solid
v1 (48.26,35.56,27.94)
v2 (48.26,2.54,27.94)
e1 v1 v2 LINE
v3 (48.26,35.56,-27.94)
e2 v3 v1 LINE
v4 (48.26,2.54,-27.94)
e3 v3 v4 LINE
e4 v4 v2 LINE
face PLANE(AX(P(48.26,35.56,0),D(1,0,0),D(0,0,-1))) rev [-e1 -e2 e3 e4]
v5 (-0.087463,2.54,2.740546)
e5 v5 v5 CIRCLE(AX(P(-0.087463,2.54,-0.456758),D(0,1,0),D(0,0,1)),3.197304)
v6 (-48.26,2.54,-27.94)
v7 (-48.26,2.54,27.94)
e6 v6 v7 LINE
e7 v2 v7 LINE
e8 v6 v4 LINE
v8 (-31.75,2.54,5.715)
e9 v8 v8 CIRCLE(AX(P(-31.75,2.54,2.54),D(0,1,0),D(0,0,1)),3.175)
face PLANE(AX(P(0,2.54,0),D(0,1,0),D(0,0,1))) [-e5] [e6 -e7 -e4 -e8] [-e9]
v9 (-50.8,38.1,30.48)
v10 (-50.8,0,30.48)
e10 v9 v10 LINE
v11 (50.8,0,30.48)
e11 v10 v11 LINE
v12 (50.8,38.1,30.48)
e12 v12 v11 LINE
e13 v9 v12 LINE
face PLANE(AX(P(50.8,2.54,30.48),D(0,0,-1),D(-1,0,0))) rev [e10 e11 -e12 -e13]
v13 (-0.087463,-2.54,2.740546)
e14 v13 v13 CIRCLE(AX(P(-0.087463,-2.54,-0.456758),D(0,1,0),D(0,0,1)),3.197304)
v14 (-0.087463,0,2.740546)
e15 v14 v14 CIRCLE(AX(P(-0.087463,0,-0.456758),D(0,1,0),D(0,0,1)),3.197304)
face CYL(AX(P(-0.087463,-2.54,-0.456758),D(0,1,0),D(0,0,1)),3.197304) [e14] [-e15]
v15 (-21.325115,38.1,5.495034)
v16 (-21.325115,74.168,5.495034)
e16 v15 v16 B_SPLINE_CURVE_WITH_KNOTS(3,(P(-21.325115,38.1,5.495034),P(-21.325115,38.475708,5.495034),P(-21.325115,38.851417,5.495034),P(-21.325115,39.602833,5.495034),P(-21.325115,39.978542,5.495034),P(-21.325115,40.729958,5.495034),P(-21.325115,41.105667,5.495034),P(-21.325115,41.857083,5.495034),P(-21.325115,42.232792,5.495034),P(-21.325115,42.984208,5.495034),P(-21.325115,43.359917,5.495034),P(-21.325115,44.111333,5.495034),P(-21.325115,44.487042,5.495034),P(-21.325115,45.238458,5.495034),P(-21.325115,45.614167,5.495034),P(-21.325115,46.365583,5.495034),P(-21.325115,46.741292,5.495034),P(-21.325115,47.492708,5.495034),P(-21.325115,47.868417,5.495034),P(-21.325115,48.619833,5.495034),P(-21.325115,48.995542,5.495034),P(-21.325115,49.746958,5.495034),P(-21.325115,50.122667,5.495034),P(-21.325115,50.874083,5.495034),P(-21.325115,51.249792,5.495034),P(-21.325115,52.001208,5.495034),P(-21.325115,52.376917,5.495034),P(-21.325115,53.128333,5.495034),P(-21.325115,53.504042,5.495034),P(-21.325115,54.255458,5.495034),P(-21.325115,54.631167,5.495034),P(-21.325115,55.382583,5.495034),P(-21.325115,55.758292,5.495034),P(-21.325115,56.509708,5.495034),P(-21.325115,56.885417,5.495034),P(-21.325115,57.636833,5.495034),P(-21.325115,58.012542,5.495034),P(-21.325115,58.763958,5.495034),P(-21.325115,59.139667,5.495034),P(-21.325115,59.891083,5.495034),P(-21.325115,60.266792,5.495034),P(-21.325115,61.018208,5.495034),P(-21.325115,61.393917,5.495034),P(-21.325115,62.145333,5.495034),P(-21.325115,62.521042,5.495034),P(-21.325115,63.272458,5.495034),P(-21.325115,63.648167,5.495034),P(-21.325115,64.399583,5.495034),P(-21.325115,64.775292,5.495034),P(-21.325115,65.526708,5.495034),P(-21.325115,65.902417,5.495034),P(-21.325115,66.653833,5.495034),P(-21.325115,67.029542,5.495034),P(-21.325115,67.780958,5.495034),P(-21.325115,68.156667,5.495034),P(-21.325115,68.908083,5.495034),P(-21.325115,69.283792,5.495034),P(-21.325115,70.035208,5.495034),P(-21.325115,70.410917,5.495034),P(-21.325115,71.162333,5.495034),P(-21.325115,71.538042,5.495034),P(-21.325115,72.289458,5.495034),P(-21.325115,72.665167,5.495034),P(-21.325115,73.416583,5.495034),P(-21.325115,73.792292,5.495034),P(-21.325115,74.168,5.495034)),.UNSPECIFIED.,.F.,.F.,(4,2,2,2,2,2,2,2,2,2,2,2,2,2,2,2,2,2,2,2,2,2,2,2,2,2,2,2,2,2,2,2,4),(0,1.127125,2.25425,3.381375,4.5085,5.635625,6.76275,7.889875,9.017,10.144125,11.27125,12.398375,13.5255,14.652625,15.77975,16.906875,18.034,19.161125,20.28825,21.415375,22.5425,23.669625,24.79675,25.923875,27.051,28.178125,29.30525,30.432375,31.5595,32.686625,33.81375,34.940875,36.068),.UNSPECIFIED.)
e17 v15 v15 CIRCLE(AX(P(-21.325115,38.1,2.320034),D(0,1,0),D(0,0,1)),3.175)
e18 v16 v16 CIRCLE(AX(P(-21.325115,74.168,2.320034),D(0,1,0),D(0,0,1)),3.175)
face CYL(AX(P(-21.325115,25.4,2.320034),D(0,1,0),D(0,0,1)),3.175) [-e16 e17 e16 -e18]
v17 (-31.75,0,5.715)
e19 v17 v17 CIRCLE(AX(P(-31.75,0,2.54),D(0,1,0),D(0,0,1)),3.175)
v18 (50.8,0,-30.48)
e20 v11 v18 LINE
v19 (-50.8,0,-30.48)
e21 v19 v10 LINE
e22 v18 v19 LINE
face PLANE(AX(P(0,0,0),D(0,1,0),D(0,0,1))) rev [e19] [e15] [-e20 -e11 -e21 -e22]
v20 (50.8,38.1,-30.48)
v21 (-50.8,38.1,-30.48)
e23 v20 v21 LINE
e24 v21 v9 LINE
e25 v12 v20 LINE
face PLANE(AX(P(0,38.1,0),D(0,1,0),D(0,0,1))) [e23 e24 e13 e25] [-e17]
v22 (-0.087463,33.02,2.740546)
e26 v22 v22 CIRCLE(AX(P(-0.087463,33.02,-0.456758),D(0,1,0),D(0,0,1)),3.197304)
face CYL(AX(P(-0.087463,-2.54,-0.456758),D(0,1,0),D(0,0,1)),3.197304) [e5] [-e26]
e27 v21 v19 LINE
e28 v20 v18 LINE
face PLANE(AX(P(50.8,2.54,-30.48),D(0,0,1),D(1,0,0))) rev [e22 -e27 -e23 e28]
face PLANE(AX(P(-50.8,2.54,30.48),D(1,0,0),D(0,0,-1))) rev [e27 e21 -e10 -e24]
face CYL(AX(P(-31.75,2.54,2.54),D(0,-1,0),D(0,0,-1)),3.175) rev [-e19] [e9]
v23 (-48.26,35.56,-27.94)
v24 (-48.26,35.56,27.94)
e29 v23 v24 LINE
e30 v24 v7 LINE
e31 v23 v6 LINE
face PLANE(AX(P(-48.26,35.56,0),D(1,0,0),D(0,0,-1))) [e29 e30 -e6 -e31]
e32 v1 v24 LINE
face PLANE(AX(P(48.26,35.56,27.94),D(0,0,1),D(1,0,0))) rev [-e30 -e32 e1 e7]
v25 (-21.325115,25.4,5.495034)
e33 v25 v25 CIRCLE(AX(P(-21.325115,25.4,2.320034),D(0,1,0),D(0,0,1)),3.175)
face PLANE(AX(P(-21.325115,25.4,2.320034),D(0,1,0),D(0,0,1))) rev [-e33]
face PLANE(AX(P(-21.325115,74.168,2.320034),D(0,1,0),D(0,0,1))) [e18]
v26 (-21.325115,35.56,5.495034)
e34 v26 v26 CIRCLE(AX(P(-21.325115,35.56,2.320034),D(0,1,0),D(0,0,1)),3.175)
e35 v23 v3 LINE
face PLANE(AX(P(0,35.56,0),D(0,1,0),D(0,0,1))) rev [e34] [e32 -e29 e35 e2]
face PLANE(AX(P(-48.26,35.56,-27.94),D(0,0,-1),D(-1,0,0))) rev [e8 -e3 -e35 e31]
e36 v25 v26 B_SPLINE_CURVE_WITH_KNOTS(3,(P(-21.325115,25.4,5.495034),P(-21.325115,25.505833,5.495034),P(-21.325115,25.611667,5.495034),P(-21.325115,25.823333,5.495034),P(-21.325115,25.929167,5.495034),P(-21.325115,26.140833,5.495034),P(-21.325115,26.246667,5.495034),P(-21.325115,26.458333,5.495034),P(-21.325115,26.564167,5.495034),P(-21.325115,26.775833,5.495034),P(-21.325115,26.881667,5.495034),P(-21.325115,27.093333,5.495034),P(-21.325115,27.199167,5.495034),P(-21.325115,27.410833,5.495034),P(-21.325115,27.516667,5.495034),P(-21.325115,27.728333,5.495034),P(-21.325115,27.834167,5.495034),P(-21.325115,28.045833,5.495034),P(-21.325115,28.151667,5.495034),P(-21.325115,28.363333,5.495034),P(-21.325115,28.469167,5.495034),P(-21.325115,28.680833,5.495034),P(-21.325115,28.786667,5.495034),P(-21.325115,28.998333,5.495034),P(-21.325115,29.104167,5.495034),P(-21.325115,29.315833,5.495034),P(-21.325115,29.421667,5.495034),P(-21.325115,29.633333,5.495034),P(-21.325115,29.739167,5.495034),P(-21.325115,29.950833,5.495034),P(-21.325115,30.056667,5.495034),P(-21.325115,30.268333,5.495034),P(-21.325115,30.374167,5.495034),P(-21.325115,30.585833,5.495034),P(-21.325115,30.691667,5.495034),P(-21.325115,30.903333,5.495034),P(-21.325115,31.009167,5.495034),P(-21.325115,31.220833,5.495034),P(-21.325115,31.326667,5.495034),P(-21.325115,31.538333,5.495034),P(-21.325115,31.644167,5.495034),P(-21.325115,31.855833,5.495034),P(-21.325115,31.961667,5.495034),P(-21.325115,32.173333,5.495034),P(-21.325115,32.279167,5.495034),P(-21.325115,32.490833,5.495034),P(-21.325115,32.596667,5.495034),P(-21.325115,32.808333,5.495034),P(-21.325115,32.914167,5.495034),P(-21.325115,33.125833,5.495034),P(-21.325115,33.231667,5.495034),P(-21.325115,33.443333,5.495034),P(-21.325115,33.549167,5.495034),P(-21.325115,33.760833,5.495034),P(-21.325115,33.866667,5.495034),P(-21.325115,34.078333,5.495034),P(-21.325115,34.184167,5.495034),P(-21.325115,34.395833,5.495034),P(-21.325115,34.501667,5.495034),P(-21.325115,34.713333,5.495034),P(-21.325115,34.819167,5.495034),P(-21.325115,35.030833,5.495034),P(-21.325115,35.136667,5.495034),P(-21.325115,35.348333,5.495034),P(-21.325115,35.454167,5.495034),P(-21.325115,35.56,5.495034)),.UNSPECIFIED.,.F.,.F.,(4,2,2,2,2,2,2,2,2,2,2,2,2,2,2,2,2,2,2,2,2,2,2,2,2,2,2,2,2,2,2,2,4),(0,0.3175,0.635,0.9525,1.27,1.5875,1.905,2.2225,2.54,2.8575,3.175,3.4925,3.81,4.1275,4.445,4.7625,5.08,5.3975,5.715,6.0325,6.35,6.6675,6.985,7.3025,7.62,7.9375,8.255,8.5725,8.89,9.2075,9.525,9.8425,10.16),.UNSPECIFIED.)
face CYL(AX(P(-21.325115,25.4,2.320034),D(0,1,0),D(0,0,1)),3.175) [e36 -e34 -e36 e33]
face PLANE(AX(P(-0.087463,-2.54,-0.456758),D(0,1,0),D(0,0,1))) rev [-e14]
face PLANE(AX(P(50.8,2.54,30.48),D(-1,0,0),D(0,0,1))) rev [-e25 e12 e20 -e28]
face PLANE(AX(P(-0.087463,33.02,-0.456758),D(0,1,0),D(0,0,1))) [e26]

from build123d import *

# Parameters (mm, degrees)
SKETCH1_W                 = 101.6
SKETCH1_H                 = 60.96
SKETCH1_R                 = 3.175
BOSS_EXTRUDE1_DEPTH       = 2.54
SKETCH2_R                 = 3.197303881
CUT_EXTRUDE1_DEPTH        = 2.54
BOSS_EXTRUDE2_DEPTH       = 30.48
BOSS_EXTRUDE2_DEPTH_BACK  = 5.08
SKETCH3_R                 = 3.197303881
SKETCH6_W                 = 2.54
SKETCH6_H                 = 60.96
BOSS_EXTRUDE10_DEPTH      = 33.02
SKETCH7_W                 = 96.52
SKETCH7_H                 = 2.54
BOSS_EXTRUDE11_DEPTH      = 33.02
SKETCH9_W                 = 101.6
SKETCH9_H                 = 60.96
BOSS_EXTRUDE12_DEPTH      = 2.54
BOSS_EXTRUDE13_DEPTH      = 36.068
BOSS_EXTRUDE13_DEPTH_BACK = 12.7
SKETCH10_R                = 3.175


with BuildPart() as part:
    # Sketch1 → Boss-Extrude1 (new body)
    with BuildSketch(Plane(origin=(0, 0, 0), x_dir=(1, 0, 0), z_dir=(0, 1, 0))):
        Rectangle(SKETCH1_W, SKETCH1_H)
        with Locations(Location((-31.75, -2.54, 0), (0, 0, 270))):
            Circle(SKETCH1_R, mode=Mode.SUBTRACT)
    extrude(amount=BOSS_EXTRUDE1_DEPTH)

    # Sketch2 → Cut-Extrude1 (cut)
    with BuildSketch(Plane(origin=(0, 2.54, 0), x_dir=(1, 0, 0), z_dir=(0, 1, 0))):
        with Locations(Location((-0.087463015, 0.456757565, 0), (0, 0, 270))):
            Circle(SKETCH2_R)
    extrude(amount=-CUT_EXTRUDE1_DEPTH, mode=Mode.SUBTRACT)

    # Sketch3 → Boss-Extrude2 (add, two sides: drawn at the far end of the back side and taken through both)
    with BuildSketch(Plane(origin=(0, 2.54, 0), x_dir=(1, 0, 0), z_dir=(0, 1, 0)).offset(-BOSS_EXTRUDE2_DEPTH_BACK)):
        with Locations(Location((-0.087463015, 0.456757565, 0), (0, 0, 270))):
            Circle(SKETCH3_R)
    extrude(amount=BOSS_EXTRUDE2_DEPTH + BOSS_EXTRUDE2_DEPTH_BACK)

    # Sketch6 → Boss-Extrude10 (add)
    with BuildSketch(Plane(origin=(0, 2.54, 0), x_dir=(1, 0, 0), z_dir=(0, 1, 0))):
        with Locations((-49.53, 0)):
            Rectangle(SKETCH6_W, SKETCH6_H)
        with Locations((49.53, 0)):
            Rectangle(SKETCH6_W, SKETCH6_H)
    extrude(amount=BOSS_EXTRUDE10_DEPTH)

    # Sketch7 → Boss-Extrude11 (add)
    with BuildSketch(Plane(origin=(0, 2.54, 0), x_dir=(1, 0, 0), z_dir=(0, 1, 0))):
        with Locations((0, 29.21)):
            Rectangle(SKETCH7_W, SKETCH7_H)
        with Locations((0, -29.21)):
            Rectangle(SKETCH7_W, SKETCH7_H)
    extrude(amount=BOSS_EXTRUDE11_DEPTH)

    # Sketch9 → Boss-Extrude12 (add)
    with BuildSketch(Plane(origin=(0, 35.56, 0), x_dir=(1, 0, 0), z_dir=(0, 1, 0))):
        Rectangle(SKETCH9_W, SKETCH9_H)
    extrude(amount=BOSS_EXTRUDE12_DEPTH)

    # Sketch10 → Boss-Extrude13 (add, two sides: drawn at the far end of the back side and taken through both)
    with BuildSketch(Plane(origin=(0, 38.1, 0), x_dir=(1, 0, 0), z_dir=(0, 1, 0)).offset(-BOSS_EXTRUDE13_DEPTH_BACK)):
        with Locations(Location((-21.325114791, -2.320034183, 0), (0, 0, 270))):
            Circle(SKETCH10_R)
    extrude(amount=BOSS_EXTRUDE13_DEPTH + BOSS_EXTRUDE13_DEPTH_BACK)


solid = part.part
